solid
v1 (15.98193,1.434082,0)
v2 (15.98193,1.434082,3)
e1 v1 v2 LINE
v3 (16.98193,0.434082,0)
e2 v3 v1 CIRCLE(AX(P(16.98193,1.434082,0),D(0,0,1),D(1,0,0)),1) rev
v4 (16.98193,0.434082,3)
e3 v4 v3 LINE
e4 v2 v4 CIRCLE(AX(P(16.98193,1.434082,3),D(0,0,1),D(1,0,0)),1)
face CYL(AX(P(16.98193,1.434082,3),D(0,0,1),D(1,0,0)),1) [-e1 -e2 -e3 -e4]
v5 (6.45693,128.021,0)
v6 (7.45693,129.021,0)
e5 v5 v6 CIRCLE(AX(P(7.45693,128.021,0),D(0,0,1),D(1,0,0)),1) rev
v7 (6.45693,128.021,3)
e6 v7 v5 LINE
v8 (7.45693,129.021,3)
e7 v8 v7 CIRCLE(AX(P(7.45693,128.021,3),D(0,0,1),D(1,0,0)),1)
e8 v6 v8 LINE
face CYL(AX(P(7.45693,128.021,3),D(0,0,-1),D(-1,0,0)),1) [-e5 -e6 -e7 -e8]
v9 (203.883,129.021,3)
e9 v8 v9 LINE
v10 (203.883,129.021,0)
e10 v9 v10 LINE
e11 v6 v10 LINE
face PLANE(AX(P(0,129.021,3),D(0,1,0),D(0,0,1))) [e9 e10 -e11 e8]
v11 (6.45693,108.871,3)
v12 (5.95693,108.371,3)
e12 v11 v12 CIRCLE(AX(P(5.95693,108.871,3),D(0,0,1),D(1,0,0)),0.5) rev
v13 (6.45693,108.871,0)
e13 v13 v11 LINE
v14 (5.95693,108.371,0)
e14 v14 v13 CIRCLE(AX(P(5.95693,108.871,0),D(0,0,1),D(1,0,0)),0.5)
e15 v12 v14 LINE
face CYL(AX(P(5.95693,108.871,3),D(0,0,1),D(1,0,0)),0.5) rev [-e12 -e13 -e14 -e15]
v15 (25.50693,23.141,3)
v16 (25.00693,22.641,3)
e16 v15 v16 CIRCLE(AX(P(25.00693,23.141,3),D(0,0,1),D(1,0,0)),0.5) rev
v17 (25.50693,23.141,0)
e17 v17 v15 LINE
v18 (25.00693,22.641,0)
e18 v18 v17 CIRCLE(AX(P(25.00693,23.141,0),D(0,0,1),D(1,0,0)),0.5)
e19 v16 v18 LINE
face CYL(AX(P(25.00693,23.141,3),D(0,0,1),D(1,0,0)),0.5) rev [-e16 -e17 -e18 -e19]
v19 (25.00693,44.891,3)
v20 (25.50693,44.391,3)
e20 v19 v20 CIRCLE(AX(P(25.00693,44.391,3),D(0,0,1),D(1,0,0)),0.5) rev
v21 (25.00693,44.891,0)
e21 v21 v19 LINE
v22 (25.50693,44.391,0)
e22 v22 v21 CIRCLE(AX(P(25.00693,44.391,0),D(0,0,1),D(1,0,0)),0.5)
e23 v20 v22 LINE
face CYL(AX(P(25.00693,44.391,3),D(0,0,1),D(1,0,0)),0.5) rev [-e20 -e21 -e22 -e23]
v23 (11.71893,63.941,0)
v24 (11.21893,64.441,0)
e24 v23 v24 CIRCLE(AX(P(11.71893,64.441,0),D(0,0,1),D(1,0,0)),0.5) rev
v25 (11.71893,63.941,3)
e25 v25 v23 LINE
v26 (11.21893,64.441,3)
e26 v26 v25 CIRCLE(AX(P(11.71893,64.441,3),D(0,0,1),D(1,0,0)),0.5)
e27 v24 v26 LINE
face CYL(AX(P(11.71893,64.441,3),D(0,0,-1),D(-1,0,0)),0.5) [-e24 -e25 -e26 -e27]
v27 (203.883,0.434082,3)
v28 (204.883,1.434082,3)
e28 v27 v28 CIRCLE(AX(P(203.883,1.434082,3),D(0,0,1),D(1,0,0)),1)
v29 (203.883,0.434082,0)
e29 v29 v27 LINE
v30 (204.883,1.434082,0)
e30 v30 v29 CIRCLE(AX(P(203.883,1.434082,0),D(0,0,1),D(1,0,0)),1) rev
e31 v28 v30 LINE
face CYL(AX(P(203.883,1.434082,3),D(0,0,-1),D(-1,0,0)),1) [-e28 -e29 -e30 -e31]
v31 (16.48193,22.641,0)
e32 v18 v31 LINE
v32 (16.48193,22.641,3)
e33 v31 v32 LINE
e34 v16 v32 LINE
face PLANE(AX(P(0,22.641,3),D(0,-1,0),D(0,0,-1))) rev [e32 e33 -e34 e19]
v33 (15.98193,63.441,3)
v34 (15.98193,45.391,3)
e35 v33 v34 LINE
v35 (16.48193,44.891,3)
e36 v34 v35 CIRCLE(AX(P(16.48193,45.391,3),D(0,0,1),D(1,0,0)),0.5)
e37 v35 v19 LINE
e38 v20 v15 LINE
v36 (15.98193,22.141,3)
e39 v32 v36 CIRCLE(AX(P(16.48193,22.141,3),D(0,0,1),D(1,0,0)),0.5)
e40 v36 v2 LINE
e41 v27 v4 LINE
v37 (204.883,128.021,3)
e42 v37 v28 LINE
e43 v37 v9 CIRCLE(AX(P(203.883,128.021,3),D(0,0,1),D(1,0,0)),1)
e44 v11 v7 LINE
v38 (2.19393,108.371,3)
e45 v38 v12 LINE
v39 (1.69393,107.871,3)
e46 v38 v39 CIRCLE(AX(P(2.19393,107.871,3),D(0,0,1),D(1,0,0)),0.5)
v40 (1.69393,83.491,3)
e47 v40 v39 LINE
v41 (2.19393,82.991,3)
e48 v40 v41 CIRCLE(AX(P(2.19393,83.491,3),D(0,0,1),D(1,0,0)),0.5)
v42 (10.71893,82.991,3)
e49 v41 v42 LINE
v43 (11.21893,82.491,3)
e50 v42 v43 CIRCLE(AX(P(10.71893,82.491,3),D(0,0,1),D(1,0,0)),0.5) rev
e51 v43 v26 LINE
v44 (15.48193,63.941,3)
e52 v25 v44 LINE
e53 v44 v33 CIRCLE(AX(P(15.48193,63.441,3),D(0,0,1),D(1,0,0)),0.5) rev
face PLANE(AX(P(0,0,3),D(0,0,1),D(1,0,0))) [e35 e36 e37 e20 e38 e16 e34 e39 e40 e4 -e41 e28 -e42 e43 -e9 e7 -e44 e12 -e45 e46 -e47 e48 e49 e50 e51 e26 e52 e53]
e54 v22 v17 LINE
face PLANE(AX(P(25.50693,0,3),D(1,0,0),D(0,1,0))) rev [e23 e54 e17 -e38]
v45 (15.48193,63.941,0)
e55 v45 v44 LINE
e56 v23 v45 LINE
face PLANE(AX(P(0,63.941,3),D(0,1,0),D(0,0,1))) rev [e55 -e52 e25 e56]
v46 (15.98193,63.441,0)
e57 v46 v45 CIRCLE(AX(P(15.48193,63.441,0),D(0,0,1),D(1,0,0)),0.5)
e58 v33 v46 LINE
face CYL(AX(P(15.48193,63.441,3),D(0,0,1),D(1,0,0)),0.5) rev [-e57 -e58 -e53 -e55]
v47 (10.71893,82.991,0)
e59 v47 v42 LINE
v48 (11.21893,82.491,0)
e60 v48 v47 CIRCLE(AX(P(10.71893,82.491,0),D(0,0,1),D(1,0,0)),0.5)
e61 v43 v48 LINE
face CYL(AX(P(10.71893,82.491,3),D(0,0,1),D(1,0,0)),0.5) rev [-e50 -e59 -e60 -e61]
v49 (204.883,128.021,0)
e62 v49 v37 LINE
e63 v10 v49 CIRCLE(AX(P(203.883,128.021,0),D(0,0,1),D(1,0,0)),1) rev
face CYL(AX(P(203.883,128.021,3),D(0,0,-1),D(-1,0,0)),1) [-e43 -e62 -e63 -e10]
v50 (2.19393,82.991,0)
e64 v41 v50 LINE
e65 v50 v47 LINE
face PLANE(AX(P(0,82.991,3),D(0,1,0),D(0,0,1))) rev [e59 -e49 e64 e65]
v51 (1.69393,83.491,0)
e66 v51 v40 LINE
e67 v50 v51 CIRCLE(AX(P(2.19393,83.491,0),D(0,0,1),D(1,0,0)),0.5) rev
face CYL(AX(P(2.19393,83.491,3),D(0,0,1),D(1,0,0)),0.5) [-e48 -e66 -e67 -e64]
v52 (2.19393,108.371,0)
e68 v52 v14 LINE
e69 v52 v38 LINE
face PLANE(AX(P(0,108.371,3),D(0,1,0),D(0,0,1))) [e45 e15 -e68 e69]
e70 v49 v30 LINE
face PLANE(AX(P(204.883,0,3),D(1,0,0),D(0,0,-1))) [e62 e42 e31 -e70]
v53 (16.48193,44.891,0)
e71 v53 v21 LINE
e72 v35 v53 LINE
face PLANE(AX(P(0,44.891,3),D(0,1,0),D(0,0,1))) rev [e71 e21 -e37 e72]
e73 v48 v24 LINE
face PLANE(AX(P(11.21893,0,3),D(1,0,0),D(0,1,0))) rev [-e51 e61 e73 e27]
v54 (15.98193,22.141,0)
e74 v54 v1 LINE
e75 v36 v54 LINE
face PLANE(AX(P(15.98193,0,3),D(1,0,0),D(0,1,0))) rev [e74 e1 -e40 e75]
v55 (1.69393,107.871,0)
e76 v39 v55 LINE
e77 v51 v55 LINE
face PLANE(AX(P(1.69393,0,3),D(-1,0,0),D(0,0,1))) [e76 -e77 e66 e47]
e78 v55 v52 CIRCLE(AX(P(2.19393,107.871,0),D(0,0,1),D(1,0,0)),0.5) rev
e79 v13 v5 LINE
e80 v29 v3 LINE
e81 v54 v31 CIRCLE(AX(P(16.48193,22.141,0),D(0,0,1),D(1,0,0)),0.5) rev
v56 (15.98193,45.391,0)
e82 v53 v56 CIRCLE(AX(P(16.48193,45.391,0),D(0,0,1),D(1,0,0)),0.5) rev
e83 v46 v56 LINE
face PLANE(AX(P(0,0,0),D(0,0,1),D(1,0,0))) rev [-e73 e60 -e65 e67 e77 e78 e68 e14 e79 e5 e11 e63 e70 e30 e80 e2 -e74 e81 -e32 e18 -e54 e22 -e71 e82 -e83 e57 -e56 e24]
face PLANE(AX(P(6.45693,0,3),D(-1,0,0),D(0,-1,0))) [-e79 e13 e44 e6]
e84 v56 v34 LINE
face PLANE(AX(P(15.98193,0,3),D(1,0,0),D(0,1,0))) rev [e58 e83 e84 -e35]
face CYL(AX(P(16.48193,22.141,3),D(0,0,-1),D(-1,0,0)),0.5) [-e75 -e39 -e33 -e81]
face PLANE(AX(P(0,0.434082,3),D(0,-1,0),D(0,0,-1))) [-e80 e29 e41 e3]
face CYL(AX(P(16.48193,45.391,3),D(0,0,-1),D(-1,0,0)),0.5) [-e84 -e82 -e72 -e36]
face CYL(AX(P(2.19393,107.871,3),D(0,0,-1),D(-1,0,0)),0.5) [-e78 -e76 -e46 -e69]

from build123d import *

# Parameters (mm, degrees)
EXTRUDE_1_DEPTH = 3
FILLET_1_R      = 0.5
FILLET_2_R      = 1


with BuildPart() as part:
    # Model → 凸台-拉伸1 (new body)
    with BuildSketch(Plane.XY):
        Polygon((204.883, 129.021), (6.45693, 129.021), (6.45693, 108.371), (1.69393, 108.371), (1.69393, 82.991), (11.21893, 82.991), (11.21893, 63.941), (15.98193, 63.941), (15.98193, 44.891), (25.50693, 44.891), (25.50693, 22.641), (15.98193, 22.641), (15.98193, 0.434082), (204.883, 0.434082), align=None)
    extrude(amount=EXTRUDE_1_DEPTH)

    # 圆角1
    fillet_1_edges = [part.edges().sort_by_distance(p)[0] for p in [
        (15.98193, 22.641, 1.5),
        (25.50693, 22.641, 1.5),
        (25.50693, 44.891, 1.5),
        (15.98193, 44.891, 1.5),
        (15.98193, 63.941, 1.5),
        (11.21893, 63.941, 1.5),
        (11.21893, 82.991, 1.5),
        (1.69393, 82.991, 1.5),
        (1.69393, 108.371, 1.5),
        (6.45693, 108.371, 1.5),
    ]]
    fillet(fillet_1_edges, radius=FILLET_1_R)

    # 圆角2
    fillet_2_edges = [part.edges().sort_by_distance(p)[0] for p in [
        (6.45693, 129.021, 1.5),
        (204.883, 129.021, 1.5),
        (204.883, 0.434082, 1.5),
        (15.98193, 0.434082, 1.5),
    ]]
    fillet(fillet_2_edges, radius=FILLET_2_R)


solid = part.part
